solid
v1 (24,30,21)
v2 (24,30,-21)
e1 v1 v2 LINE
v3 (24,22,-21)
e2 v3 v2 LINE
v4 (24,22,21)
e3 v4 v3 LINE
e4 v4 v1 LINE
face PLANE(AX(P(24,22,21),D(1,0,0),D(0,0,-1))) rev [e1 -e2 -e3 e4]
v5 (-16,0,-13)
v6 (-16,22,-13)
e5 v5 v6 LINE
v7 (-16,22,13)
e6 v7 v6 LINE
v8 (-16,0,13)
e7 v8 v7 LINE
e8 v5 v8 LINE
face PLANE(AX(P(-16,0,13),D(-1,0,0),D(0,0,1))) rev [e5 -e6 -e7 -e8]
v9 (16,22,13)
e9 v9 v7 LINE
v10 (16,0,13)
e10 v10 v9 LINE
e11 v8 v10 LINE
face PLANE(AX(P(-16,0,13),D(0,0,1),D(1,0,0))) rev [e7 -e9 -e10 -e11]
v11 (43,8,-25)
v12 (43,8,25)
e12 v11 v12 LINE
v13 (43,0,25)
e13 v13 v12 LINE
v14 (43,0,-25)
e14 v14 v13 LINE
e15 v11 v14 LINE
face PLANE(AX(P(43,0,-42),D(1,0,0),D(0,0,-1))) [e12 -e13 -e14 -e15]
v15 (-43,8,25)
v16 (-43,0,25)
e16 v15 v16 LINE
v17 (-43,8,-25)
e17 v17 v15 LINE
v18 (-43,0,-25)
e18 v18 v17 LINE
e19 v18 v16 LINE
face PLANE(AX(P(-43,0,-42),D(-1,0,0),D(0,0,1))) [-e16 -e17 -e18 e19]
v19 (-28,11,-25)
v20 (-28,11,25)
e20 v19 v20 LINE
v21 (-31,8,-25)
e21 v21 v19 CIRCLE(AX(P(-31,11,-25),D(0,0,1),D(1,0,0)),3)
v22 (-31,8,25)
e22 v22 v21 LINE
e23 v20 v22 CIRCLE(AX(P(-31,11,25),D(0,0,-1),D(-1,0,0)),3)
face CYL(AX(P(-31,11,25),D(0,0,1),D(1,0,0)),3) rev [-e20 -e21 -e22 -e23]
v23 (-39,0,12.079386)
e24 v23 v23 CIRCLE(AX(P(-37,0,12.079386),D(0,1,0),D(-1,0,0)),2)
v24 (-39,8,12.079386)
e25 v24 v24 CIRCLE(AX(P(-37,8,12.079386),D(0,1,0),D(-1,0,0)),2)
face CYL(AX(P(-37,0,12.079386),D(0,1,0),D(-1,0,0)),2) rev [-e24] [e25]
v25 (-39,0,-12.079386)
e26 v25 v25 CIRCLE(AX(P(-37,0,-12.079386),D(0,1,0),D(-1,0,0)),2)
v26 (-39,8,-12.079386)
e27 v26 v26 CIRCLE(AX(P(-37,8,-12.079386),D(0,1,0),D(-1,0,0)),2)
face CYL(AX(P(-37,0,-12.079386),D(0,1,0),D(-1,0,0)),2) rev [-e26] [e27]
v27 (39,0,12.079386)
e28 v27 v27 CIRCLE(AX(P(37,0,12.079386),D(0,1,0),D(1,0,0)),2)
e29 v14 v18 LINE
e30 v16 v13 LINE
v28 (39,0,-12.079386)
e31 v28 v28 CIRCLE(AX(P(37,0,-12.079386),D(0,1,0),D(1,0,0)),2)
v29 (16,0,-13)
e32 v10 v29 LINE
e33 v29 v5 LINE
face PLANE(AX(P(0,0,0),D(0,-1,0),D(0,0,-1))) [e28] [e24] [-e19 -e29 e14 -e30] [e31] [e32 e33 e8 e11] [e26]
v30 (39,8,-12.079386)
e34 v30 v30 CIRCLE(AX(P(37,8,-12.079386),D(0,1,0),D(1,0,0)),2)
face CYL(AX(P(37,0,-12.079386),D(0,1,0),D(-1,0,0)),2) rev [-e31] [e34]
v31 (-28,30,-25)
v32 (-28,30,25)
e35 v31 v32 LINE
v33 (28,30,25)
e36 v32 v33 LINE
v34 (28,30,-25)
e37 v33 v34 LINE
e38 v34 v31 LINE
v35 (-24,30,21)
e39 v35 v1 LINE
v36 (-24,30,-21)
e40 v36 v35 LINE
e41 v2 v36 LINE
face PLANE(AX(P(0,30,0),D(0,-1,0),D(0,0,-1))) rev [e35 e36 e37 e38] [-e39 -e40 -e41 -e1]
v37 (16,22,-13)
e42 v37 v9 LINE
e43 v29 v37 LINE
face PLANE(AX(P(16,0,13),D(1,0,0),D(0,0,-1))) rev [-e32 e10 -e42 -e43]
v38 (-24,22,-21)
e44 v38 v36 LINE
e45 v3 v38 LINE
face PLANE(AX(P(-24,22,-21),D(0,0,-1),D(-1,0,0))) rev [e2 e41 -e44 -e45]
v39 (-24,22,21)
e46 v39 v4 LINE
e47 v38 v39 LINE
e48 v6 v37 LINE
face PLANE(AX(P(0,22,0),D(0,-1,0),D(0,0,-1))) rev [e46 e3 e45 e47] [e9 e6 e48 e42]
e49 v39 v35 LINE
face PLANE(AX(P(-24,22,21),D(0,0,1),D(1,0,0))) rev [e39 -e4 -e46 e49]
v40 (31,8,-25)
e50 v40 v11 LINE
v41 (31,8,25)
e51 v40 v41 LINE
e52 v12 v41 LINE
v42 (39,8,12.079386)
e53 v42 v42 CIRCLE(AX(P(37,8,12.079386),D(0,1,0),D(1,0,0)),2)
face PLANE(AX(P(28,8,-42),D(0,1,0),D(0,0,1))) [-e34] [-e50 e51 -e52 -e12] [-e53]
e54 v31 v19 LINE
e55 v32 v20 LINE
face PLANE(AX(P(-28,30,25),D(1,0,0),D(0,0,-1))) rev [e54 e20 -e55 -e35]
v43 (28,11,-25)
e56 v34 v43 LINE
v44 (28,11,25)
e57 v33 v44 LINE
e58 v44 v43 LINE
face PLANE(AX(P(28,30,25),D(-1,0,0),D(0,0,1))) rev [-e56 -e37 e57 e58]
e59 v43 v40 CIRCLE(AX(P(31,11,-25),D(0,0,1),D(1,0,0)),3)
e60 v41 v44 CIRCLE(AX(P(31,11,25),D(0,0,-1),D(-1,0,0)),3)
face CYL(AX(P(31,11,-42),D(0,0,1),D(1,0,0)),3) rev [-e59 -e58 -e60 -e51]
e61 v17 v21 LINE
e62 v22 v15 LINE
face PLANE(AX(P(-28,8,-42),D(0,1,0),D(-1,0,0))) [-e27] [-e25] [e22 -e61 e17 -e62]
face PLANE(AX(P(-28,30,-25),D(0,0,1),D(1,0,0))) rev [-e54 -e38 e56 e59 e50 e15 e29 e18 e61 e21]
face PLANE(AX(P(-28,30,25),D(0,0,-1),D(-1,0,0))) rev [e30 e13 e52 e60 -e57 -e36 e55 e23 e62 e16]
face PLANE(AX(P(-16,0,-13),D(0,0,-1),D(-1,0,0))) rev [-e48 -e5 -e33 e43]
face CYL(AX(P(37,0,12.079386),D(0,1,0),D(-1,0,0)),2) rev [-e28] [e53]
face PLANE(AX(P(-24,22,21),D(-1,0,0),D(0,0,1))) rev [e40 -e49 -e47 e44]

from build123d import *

# Parameters (mm, degrees)
SKETCH1_W               = 56
SKETCH1_H               = 50
BOSS_EXTRUDE1_DEPTH     = 30
SKETCH3_W               = 48
SKETCH3_H               = 42
CUT_EXTRUDE1_DEPTH      = 8
SKETCH4_W               = 15
SKETCH4_H               = 8
BOSS_EXTRUDE2_DEPTH     = 50
FILLET1_R               = 3
CUT_EXTRUDE2_DEPTH      = 55.387498564
CUT_EXTRUDE2_DEPTH_BACK = 55.387498564
SKETCH5_W               = 32
SKETCH5_H               = 26
CUT_EXTRUDE3_DEPTH      = 55.387498564
CUT_EXTRUDE3_DEPTH_BACK = 55.387498564
SKETCH6_R               = 2


with BuildPart() as part:
    # Sketch1 → Boss-Extrude1 (new body)
    with BuildSketch(Plane(origin=(0, 0, 0), x_dir=(1, 0, 0), z_dir=(0, 1, 0))):
        Rectangle(SKETCH1_W, SKETCH1_H)
    extrude(amount=BOSS_EXTRUDE1_DEPTH)

    # Sketch3 → Cut-Extrude1 (cut)
    with BuildSketch(Plane(origin=(0, 30, 0), x_dir=(1, 0, 0), z_dir=(0, 1, 0))):
        Rectangle(SKETCH3_W, SKETCH3_H)
    extrude(amount=-CUT_EXTRUDE1_DEPTH, mode=Mode.SUBTRACT)

    # Sketch4 → Boss-Extrude2 (add)
    with BuildSketch(Plane.XY.offset(25)):
        with Locations((-35.5, 4)):
            Rectangle(SKETCH4_W, SKETCH4_H)
        with Locations((35.5, 4)):
            Rectangle(SKETCH4_W, SKETCH4_H)
    extrude(amount=-BOSS_EXTRUDE2_DEPTH)

    # Fillet1
    fillet1_edges = [part.edges().sort_by_distance(p)[0] for p in [
        (-28, 8, 0),
        (28, 8, 0),
    ]]
    fillet(fillet1_edges, radius=FILLET1_R)

    # Sketch5 → Cut-Extrude2 (cut, two sides: drawn at the far end of the back side and taken through both)
    with BuildSketch(Plane(origin=(0, 22, 0), x_dir=(1, 0, 0), z_dir=(0, 1, 0)).offset(-CUT_EXTRUDE2_DEPTH_BACK)):
        Rectangle(SKETCH5_W, SKETCH5_H)
    extrude(amount=CUT_EXTRUDE2_DEPTH + CUT_EXTRUDE2_DEPTH_BACK, mode=Mode.SUBTRACT)

    # Sketch6 → Cut-Extrude3 (cut, two sides: drawn at the far end of the back side and taken through both)
    with BuildSketch(Plane(origin=(0, 8, 0), x_dir=(1, 0, 0), z_dir=(0, 1, 0)).offset(-CUT_EXTRUDE3_DEPTH_BACK)):
        with Locations(Location((-37, 12.079385962, 0), (0, 0, 180))):
            Circle(SKETCH6_R)
        with Locations(Location((-37, -12.079385962, 0), (0, 0, 180))):
            Circle(SKETCH6_R)
        with Locations((37, -12.079385962)):
            Circle(SKETCH6_R)
        with Locations((37, 12.079385962)):
            Circle(SKETCH6_R)
    extrude(amount=CUT_EXTRUDE3_DEPTH + CUT_EXTRUDE3_DEPTH_BACK, mode=Mode.SUBTRACT)


solid = part.part
